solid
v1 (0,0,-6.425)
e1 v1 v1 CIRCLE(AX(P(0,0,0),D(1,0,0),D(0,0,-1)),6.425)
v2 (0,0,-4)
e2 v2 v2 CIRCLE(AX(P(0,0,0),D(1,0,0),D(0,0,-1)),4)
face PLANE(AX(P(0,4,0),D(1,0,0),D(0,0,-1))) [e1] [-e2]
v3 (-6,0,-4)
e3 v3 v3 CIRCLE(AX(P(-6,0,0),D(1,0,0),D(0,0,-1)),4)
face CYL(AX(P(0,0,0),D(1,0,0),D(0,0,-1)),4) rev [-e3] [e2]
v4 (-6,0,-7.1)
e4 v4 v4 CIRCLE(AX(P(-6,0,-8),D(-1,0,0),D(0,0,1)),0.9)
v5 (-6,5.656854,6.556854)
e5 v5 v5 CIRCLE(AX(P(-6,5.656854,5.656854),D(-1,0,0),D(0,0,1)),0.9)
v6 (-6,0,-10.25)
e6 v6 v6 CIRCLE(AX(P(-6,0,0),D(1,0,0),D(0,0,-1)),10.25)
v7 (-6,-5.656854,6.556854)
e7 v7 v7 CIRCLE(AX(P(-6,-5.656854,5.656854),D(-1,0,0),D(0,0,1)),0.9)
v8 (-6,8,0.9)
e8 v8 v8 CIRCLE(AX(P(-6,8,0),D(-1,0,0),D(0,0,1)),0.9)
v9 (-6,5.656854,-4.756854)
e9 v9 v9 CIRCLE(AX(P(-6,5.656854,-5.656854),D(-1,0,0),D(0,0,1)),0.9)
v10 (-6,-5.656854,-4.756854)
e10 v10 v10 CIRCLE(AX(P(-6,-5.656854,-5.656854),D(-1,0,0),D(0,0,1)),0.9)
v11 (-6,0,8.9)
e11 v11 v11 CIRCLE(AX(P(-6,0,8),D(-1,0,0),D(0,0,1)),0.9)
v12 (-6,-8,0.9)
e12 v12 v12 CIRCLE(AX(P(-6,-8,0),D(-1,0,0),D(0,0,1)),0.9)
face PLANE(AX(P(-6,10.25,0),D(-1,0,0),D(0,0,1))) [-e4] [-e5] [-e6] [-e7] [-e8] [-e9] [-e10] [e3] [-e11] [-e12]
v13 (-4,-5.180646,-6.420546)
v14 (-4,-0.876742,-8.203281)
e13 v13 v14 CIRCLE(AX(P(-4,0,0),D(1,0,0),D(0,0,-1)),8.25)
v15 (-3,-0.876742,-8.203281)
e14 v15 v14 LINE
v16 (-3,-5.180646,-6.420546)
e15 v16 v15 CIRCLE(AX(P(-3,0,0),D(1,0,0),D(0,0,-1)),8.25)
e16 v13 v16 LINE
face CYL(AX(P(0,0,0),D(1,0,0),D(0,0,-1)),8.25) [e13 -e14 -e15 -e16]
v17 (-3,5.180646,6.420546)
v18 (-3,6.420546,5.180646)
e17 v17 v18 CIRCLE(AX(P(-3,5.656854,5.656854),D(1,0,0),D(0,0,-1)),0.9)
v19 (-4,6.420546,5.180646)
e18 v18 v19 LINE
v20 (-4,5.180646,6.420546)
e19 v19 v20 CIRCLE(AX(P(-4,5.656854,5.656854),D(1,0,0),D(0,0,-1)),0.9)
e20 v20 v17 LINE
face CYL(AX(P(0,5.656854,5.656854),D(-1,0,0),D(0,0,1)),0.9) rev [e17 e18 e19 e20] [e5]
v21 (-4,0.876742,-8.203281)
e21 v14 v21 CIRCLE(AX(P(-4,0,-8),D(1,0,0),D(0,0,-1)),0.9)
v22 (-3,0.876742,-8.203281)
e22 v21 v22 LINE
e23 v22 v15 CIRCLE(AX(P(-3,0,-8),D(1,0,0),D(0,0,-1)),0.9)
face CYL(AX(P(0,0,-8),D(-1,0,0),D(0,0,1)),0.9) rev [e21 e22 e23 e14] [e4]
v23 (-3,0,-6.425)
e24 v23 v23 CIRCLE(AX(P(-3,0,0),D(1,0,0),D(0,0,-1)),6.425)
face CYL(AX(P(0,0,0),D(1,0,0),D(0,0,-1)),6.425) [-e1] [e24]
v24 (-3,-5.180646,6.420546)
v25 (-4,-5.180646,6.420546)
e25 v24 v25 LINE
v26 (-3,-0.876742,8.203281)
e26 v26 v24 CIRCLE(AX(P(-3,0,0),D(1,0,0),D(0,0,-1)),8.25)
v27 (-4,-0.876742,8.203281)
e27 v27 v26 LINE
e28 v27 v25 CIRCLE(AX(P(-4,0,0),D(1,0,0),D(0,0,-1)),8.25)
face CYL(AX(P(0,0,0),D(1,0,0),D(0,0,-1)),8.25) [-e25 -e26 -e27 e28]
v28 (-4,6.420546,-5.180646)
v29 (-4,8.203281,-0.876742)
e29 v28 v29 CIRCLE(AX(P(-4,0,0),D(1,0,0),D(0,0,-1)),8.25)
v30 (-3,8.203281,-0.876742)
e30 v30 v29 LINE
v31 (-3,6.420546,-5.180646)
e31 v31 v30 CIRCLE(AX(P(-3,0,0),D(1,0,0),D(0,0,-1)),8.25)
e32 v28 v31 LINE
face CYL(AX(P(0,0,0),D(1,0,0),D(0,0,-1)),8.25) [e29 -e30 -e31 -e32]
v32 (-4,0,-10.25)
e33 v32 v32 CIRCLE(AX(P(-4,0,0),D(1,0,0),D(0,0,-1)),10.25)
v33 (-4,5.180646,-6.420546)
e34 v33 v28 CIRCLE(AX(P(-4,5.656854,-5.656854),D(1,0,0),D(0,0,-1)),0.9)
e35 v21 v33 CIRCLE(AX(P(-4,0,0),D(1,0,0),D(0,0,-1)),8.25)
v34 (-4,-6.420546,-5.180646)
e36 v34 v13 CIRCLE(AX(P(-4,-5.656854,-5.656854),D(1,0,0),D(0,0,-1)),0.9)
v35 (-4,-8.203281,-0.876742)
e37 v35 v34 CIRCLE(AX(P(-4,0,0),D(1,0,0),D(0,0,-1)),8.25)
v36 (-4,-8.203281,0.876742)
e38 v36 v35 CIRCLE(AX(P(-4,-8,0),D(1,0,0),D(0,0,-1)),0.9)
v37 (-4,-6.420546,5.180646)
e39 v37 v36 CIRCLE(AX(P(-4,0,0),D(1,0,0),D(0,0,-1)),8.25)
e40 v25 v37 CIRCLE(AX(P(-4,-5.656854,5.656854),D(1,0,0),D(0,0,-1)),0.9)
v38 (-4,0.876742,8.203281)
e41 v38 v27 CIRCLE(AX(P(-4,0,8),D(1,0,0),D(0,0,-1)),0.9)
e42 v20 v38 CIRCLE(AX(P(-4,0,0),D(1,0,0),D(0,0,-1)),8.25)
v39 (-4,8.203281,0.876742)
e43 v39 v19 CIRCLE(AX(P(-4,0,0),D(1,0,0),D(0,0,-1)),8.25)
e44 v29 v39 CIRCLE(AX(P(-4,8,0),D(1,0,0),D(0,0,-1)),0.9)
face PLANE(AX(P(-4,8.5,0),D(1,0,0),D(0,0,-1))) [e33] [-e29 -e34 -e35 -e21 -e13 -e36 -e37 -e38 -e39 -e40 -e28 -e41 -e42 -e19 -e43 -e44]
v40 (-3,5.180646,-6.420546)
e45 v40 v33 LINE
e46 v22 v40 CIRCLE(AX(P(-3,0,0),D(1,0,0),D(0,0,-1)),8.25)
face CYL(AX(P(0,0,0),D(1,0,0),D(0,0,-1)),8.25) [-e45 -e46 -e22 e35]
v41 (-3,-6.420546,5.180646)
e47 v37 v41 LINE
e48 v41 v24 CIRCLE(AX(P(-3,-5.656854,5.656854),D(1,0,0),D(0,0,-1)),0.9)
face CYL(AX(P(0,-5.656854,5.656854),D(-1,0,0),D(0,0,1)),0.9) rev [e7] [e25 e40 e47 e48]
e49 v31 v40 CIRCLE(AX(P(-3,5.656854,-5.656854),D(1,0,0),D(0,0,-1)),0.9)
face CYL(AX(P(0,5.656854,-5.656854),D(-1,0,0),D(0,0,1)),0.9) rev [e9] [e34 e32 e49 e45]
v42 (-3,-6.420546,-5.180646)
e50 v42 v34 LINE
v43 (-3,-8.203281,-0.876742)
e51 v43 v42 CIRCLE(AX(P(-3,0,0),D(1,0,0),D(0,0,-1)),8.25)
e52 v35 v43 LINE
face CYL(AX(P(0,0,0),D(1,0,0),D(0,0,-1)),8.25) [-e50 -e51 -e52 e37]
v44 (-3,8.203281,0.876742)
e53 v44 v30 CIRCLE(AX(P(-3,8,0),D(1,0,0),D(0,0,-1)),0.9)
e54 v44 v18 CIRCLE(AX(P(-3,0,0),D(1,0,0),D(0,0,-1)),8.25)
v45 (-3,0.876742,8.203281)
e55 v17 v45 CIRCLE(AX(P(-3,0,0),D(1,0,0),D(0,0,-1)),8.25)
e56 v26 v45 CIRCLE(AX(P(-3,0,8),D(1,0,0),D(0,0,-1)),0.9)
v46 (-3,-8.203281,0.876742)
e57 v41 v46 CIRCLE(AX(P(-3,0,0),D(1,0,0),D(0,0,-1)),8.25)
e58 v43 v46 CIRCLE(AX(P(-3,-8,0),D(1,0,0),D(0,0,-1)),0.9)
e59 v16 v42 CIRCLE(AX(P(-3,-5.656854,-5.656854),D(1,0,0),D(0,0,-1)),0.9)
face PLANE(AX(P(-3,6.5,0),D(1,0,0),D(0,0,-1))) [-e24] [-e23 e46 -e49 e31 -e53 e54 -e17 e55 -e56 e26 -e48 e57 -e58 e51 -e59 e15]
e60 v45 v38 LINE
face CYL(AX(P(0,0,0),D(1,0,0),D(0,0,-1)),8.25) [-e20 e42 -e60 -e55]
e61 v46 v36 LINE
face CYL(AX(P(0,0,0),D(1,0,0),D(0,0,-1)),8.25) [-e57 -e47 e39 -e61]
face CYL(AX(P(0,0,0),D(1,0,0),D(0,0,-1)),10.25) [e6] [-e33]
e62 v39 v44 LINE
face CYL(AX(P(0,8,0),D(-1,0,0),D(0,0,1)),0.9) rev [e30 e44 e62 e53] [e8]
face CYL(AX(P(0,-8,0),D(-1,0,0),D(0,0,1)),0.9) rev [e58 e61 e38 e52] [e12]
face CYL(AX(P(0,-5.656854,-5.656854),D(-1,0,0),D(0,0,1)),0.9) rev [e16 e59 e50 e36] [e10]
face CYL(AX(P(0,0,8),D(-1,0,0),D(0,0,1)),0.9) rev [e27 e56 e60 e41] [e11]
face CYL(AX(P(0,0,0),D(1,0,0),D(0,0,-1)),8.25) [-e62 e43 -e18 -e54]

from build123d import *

# Parameters (mm, degrees)
MOVE_FACE1_BY      = 0.075
MOVE_FACE2_BY      = 0.25
SKETCH2_R          = 0.9
CUT_EXTRUDE1_DEPTH = 16.68837149


with BuildPart() as part:
    # Sketch1 → Revolve1 (revolve)
    with BuildSketch(Plane.XY, mode=Mode.PRIVATE) as revolve1_sk:
        Polygon((0, 4), (0, 6.5), (-3, 6.5), (-3, 8.5), (-4, 8.5), (-4, 10.25), (-6, 10.25), (-6, 4), align=None)
    revolve(revolve1_sk.sketch.rotate(Axis((0, 0, 0), (-1, 0, 0)), 90), axis=Axis((0, 0, 0), (-1, 0, 0)))

    # Move Face1: a curved face moved inward by 0.075
    add(Solid.thicken(part.faces().sort_by_distance((-1.5, 0, 6.5))[0], -MOVE_FACE1_BY), mode=Mode.SUBTRACT)

    # Move Face2: a curved face moved inward by 0.25
    add(Solid.thicken(part.faces().sort_by_distance((-3.5, 0, 8.5))[0], -MOVE_FACE2_BY), mode=Mode.SUBTRACT)

    # Sketch2 → Cut-Extrude1 (cut, through all)
    with BuildSketch(Plane.ZY.offset(6)):
        with Locations((0, 8)):
            Circle(SKETCH2_R)
        with Locations((5.656854249, 5.656854249)):
            Circle(SKETCH2_R)
        with Locations((8, 0)):
            Circle(SKETCH2_R)
        with Locations((5.656854249, -5.656854249)):
            Circle(SKETCH2_R)
        with Locations((0, -8)):
            Circle(SKETCH2_R)
        with Locations((-5.656854249, -5.656854249)):
            Circle(SKETCH2_R)
        with Locations((-8, 0)):
            Circle(SKETCH2_R)
        with Locations((-5.656854249, 5.656854249)):
            Circle(SKETCH2_R)
    extrude(amount=-CUT_EXTRUDE1_DEPTH, mode=Mode.SUBTRACT)


solid = part.part
